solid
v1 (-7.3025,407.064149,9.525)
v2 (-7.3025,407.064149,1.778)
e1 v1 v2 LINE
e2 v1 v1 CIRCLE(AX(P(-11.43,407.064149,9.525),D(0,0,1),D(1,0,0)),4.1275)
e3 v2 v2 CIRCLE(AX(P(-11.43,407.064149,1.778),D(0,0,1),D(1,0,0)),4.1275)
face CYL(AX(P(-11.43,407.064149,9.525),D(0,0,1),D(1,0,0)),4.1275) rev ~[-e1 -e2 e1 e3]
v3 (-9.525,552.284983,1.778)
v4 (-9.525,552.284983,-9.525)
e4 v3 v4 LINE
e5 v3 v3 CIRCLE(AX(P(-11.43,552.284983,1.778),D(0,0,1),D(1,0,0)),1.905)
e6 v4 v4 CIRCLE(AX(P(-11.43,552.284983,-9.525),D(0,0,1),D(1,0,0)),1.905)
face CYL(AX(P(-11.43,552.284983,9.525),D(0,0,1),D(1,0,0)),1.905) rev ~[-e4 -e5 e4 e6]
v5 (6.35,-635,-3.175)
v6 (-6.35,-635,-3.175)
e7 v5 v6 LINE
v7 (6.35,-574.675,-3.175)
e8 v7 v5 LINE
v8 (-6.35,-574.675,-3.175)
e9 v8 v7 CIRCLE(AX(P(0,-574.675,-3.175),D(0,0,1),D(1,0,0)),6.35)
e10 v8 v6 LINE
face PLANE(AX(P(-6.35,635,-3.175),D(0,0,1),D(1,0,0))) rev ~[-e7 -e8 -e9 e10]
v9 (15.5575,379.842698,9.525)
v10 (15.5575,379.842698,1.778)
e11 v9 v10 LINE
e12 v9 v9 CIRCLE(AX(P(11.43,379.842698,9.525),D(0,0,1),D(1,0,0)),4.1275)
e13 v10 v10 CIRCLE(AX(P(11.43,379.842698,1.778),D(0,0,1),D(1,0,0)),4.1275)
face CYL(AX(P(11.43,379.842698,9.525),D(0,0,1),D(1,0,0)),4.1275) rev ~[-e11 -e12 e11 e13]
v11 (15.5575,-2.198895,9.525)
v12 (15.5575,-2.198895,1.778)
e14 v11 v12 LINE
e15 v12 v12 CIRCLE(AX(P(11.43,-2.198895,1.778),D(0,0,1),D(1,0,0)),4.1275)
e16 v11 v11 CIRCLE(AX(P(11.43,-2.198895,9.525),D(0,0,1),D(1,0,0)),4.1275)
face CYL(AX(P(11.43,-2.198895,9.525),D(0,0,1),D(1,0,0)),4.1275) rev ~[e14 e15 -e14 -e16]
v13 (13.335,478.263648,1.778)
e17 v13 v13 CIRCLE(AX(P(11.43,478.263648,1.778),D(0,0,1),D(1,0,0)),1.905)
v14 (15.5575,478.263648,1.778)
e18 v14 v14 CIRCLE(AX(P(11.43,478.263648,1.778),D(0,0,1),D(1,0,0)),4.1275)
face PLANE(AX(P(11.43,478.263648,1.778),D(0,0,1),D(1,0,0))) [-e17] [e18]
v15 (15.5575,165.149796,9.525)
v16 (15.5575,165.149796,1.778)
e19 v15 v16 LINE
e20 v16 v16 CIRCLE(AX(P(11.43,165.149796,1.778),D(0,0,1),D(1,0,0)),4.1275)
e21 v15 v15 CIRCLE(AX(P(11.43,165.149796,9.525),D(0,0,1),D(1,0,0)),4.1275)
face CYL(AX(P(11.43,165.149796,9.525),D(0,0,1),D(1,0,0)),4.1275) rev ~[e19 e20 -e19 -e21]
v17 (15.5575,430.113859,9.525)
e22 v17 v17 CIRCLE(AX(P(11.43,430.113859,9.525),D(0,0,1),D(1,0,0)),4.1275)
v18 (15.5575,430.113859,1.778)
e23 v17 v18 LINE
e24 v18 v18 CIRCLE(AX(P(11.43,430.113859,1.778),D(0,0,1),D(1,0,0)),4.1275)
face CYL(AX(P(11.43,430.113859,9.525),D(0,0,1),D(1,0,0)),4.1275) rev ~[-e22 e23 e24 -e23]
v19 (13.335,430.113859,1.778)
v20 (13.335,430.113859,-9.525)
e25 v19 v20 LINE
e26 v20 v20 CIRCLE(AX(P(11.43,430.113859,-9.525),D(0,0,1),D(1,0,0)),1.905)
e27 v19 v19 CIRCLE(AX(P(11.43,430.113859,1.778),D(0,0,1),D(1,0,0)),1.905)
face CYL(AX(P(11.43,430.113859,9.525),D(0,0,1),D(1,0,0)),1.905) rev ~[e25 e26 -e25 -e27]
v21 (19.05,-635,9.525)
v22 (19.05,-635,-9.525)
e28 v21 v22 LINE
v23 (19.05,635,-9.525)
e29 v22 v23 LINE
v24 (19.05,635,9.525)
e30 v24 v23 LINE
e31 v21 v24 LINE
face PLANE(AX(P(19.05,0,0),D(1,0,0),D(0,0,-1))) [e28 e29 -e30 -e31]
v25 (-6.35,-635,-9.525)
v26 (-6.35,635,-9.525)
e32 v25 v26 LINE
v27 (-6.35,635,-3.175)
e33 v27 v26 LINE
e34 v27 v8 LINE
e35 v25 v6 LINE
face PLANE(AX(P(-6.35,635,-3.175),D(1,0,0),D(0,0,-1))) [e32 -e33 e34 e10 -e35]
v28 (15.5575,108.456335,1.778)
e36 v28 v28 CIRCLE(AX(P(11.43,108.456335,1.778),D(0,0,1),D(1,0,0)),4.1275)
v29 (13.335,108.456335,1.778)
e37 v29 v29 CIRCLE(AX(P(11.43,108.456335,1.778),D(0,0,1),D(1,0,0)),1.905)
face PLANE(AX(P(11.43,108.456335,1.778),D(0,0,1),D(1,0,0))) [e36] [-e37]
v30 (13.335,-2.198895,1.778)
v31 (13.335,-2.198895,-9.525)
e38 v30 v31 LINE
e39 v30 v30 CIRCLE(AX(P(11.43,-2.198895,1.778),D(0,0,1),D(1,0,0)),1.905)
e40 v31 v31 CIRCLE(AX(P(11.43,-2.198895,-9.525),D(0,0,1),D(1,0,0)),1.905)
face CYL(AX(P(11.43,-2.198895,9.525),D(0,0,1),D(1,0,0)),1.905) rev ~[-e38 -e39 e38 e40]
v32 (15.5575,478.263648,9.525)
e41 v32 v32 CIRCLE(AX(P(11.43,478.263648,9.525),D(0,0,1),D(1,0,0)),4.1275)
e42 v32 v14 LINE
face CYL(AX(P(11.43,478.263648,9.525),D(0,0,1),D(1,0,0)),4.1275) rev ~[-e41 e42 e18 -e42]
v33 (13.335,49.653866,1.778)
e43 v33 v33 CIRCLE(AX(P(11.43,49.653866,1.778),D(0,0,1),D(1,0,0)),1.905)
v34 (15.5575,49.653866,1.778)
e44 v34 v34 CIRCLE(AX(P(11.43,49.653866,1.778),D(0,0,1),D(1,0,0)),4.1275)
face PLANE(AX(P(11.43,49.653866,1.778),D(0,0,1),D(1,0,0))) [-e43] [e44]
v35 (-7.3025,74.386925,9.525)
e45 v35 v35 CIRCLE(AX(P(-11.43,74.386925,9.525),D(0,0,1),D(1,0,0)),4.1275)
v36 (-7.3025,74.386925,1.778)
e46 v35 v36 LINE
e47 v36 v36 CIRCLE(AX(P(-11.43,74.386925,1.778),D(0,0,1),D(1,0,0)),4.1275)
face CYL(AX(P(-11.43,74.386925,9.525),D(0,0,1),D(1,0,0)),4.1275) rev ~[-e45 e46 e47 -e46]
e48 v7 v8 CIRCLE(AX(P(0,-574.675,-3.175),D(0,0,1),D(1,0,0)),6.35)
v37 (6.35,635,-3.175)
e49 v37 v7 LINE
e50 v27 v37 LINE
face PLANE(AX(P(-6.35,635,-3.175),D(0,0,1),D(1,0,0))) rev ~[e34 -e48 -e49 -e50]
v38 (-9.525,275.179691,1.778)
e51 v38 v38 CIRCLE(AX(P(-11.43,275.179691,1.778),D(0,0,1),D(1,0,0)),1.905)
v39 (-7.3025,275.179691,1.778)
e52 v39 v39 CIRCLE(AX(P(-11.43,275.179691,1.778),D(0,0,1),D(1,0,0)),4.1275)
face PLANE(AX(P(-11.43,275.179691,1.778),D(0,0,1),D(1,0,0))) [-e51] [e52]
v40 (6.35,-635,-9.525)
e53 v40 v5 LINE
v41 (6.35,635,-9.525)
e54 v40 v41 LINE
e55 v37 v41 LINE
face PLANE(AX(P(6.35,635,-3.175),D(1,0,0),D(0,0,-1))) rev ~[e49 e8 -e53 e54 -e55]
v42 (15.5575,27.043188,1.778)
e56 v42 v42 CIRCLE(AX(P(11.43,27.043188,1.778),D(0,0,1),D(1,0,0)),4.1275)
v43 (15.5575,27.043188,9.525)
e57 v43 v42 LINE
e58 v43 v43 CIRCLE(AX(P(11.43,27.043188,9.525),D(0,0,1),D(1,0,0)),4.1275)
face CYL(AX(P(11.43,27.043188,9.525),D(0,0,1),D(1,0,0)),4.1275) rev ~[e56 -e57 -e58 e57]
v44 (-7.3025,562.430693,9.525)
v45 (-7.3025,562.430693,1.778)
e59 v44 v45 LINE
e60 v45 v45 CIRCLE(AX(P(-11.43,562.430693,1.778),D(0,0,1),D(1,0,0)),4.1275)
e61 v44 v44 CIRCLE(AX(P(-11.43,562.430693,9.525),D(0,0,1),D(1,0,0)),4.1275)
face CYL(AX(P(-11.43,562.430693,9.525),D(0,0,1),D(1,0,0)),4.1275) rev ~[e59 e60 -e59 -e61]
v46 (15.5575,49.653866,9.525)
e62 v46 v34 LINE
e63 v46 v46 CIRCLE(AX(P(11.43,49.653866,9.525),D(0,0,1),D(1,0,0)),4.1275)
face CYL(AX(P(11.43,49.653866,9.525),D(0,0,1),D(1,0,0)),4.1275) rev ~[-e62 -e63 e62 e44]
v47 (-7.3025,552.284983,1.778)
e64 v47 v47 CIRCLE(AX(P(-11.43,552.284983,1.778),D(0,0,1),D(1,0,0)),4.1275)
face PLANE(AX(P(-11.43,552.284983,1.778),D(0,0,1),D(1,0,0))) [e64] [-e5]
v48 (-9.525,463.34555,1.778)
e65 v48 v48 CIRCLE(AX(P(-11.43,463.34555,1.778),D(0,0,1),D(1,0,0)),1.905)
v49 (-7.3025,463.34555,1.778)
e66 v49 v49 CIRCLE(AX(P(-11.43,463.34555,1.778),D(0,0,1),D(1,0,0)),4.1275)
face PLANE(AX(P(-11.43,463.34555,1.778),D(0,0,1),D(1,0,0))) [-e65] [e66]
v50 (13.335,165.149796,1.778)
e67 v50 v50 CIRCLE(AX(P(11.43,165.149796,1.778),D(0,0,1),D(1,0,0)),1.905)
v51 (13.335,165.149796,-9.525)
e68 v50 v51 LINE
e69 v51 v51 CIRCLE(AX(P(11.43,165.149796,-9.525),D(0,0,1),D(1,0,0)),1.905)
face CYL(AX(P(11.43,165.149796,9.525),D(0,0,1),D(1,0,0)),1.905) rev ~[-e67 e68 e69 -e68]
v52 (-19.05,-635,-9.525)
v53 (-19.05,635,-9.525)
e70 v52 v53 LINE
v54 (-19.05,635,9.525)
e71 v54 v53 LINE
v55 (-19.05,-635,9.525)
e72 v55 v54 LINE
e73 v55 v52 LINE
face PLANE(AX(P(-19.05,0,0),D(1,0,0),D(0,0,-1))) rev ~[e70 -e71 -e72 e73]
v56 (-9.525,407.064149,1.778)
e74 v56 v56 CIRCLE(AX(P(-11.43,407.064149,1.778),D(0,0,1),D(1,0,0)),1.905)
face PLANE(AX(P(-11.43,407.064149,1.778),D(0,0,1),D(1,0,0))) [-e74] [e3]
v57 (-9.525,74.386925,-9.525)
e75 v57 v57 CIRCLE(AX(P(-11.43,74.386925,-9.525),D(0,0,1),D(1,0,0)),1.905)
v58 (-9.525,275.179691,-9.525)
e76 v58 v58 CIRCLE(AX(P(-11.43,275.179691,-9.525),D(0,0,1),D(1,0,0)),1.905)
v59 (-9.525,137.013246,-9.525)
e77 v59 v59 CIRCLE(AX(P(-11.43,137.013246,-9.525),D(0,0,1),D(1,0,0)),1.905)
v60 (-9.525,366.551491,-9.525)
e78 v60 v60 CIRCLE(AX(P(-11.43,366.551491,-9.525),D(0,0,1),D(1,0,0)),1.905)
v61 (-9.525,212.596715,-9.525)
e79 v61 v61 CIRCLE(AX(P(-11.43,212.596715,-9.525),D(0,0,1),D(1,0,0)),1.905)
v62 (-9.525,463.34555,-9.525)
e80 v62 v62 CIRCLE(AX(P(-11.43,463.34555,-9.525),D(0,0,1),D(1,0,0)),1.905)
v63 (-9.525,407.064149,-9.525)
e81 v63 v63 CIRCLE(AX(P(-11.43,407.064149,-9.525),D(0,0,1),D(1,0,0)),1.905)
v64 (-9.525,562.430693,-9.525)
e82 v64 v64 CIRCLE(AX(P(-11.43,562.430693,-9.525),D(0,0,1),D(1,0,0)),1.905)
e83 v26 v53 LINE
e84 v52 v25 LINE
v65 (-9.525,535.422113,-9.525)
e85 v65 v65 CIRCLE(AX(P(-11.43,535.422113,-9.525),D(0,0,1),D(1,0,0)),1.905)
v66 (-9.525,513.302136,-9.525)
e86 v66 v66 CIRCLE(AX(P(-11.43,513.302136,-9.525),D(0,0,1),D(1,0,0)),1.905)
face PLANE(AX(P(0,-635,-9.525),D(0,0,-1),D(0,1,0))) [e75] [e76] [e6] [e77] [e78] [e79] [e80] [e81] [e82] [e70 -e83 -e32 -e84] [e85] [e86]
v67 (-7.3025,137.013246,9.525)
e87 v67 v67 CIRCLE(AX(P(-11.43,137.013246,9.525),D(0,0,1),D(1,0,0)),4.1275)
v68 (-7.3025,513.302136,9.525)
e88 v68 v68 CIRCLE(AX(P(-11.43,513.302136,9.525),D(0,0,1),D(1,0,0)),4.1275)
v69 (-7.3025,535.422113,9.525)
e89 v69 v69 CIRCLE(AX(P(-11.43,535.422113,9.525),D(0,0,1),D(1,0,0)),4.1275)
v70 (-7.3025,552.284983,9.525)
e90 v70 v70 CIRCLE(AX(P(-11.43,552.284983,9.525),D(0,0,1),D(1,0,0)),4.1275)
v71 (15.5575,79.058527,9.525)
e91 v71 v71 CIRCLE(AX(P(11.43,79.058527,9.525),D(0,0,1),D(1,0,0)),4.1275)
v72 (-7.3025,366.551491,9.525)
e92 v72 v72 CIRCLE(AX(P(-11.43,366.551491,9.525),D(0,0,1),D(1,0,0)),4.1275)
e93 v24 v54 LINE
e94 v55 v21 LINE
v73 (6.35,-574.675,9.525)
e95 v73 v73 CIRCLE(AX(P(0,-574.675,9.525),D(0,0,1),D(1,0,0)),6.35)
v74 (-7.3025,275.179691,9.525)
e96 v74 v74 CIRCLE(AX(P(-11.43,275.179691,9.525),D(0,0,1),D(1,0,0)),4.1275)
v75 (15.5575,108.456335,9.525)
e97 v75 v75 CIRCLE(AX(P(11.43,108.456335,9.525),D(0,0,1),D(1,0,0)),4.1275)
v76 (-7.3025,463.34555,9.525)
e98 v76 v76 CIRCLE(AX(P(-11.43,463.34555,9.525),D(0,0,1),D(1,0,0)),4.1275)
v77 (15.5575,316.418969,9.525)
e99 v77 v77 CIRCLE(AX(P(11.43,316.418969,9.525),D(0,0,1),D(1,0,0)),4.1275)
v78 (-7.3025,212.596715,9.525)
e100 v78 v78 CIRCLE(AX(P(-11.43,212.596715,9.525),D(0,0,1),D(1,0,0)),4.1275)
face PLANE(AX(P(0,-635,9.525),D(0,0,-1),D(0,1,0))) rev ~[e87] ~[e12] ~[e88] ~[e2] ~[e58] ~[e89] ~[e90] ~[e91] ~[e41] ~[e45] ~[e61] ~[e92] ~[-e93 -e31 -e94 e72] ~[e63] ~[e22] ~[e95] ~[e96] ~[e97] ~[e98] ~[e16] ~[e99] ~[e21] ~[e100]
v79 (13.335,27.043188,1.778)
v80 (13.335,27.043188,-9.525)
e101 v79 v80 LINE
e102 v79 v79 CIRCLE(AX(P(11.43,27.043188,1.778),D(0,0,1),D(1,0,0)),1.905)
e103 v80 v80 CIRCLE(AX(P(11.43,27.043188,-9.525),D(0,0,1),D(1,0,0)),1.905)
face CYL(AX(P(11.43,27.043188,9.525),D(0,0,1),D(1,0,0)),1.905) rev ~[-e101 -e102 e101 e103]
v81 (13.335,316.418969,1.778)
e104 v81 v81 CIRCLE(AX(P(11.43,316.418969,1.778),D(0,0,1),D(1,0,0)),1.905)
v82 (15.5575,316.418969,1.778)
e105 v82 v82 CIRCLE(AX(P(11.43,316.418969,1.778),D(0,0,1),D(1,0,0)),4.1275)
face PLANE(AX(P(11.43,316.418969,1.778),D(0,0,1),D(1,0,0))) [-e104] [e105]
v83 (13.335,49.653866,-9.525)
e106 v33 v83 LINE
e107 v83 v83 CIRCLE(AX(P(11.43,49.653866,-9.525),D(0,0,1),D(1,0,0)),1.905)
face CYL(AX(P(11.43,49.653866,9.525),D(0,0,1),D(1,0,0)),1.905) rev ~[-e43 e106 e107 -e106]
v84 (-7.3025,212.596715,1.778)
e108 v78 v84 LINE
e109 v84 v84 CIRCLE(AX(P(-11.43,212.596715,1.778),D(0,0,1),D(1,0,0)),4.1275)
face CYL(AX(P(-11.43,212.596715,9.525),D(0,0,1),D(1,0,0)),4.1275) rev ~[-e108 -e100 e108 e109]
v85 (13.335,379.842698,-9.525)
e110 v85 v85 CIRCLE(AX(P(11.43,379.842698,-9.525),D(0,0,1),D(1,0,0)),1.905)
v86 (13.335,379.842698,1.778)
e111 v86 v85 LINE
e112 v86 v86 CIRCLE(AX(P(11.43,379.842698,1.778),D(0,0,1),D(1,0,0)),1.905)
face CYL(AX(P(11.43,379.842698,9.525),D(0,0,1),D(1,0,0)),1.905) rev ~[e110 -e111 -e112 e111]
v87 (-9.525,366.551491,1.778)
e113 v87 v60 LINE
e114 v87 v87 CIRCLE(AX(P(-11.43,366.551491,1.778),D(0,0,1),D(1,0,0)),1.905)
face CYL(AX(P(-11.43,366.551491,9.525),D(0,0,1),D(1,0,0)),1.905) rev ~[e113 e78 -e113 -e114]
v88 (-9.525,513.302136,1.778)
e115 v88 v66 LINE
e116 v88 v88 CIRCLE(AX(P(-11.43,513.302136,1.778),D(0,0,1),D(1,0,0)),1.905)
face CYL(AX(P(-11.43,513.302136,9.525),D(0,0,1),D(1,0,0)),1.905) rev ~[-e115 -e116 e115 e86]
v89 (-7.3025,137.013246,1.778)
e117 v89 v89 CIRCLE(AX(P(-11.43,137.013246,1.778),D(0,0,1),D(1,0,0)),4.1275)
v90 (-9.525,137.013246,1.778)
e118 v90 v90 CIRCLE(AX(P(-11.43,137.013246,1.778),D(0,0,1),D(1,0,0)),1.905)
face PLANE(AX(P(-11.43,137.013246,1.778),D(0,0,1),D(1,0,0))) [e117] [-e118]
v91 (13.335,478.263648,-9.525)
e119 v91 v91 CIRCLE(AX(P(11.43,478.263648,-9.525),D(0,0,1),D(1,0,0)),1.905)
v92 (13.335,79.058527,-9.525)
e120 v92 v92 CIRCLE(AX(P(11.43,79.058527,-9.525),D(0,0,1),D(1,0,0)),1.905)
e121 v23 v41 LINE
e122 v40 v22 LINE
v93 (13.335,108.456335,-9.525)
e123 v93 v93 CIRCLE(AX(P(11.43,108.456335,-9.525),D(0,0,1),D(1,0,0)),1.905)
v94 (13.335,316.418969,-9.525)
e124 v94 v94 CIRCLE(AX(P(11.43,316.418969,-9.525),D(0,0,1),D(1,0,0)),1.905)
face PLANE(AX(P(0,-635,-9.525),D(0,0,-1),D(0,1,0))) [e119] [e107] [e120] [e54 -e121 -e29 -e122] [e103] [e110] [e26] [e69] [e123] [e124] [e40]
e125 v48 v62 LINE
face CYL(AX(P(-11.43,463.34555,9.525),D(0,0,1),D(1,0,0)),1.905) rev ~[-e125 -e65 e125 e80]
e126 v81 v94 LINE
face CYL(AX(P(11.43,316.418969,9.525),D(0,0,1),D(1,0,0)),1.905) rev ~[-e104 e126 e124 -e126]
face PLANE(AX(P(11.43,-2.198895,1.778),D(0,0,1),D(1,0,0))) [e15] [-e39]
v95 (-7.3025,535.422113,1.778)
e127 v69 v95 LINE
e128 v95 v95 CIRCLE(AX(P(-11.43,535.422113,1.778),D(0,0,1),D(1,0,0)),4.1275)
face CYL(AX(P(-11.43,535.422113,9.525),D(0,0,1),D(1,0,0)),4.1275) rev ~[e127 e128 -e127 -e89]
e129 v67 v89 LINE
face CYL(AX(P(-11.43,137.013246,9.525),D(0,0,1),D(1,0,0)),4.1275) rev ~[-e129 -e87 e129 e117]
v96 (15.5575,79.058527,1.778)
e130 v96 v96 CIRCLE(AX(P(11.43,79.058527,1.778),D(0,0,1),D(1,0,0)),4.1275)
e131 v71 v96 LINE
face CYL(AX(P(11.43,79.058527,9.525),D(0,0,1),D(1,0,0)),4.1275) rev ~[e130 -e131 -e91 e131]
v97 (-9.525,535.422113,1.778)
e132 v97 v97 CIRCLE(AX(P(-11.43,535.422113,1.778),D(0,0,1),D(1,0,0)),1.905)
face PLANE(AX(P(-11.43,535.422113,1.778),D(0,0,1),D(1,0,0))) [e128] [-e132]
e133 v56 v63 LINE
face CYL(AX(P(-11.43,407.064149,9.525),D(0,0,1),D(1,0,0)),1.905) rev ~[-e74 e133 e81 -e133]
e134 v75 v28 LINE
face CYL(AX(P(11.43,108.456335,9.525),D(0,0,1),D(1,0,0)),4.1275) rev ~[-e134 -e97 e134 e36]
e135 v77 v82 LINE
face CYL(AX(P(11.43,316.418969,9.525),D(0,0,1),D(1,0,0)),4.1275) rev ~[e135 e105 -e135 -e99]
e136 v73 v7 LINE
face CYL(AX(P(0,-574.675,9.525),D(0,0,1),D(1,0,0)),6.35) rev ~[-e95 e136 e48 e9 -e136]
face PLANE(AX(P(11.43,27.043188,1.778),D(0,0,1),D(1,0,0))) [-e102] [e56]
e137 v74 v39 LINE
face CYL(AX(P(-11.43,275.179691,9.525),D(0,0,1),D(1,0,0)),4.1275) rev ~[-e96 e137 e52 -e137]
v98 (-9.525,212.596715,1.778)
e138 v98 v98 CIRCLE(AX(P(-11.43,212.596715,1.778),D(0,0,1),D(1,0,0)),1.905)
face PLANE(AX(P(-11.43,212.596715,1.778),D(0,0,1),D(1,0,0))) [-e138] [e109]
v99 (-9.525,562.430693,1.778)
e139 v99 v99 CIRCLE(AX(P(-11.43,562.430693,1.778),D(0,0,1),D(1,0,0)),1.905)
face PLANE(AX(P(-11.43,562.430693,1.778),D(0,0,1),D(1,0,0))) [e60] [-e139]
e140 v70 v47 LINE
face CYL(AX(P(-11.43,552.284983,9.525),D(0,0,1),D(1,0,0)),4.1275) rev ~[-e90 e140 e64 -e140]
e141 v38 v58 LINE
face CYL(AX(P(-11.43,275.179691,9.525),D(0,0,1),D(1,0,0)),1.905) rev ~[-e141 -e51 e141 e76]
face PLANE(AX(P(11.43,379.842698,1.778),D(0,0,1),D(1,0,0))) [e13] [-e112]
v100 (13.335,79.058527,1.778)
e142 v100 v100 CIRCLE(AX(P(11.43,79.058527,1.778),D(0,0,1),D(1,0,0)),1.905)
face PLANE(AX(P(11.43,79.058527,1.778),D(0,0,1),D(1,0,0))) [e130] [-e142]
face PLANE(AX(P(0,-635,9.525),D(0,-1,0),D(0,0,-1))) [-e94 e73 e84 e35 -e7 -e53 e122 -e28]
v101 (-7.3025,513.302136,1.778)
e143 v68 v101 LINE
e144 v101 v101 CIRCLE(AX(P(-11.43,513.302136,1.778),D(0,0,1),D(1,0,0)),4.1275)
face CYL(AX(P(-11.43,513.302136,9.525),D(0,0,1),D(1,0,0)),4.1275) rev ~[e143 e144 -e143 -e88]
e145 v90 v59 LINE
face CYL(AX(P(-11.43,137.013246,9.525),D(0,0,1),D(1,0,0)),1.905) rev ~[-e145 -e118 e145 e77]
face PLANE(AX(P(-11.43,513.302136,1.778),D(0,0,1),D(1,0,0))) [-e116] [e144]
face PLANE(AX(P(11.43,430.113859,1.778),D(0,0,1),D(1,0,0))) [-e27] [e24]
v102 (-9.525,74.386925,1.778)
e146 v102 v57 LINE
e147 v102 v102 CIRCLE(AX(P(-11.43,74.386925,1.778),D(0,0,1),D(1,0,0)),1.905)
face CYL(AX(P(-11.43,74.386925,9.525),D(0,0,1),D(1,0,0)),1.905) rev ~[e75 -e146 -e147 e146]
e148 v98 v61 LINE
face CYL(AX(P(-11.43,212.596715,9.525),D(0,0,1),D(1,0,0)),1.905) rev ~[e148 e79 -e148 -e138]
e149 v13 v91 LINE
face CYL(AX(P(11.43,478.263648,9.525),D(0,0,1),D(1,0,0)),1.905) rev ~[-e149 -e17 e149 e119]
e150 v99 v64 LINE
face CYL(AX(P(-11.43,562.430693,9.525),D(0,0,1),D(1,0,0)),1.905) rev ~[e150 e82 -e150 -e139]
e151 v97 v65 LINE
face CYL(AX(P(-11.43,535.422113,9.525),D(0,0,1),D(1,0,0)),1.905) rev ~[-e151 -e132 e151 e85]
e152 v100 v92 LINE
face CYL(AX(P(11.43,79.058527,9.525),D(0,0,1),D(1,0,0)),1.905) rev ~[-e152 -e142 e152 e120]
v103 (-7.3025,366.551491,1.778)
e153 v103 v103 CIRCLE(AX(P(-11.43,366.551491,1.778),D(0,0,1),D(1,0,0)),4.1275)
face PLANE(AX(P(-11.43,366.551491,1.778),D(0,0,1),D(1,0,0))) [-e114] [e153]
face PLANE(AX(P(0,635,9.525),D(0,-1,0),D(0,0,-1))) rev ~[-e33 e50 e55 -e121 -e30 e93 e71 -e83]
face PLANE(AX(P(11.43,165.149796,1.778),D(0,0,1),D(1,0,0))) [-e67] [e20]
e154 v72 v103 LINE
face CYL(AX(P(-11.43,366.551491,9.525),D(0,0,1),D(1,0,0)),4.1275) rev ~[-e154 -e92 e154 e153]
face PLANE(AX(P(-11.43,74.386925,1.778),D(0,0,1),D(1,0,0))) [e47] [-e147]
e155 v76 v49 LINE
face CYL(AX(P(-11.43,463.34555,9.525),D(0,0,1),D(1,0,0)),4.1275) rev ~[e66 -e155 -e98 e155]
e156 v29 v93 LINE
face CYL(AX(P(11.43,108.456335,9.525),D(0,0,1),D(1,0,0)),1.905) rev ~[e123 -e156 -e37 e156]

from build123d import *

# Parameters (mm, degrees)
SKETCH1_W           = 19.05
SKETCH1_H           = 1270
BOSS_EXTRUDE1_DEPTH = 19.05
SKETCH2_R           = 6.35
CUT_EXTRUDE1_DEPTH  = 636.571243056
SKETCH4_W           = 12.7
SKETCH4_H           = 12.7
CUT_EXTRUDE2_DEPTH  = 1271.178581194
SKETCH5_R           = 1.905
CUT_EXTRUDE3_DEPTH  = 636.571243056
SKETCH6_R           = 4.1275
CUT_EXTRUDE4_DEPTH  = 7.747


with BuildPart() as part:
    # Sketch1 → Boss-Extrude1 (new, symmetric)
    with BuildSketch(Plane(origin=(0, 0, 0), x_dir=(0, 0, -1), z_dir=(1, 0, 0))):
        Rectangle(SKETCH1_W, SKETCH1_H)
    extrude(amount=BOSS_EXTRUDE1_DEPTH, both=True)

    # Sketch2 → Cut-Extrude1 (cut, through all)
    with BuildSketch(Plane.XY.offset(9.525)):
        with Locations((0, -574.675)):
            Circle(SKETCH2_R)
    extrude(amount=-CUT_EXTRUDE1_DEPTH, mode=Mode.SUBTRACT)

    # Sketch4 → Cut-Extrude2 (cut, through all)
    with BuildSketch(Plane(origin=(0, 635, 0), x_dir=(1, 0, 0), z_dir=(0, 1, 0))):
        with Locations((0, 9.525)):
            Rectangle(SKETCH4_W, SKETCH4_H)
    extrude(amount=-CUT_EXTRUDE2_DEPTH, mode=Mode.SUBTRACT)

    # Sketch5 → Cut-Extrude3 (cut, through all)
    with BuildSketch(Plane.XY.offset(9.525)):
        with Locations((-11.43, 513.302135886)):
            Circle(SKETCH5_R)
        with Locations((11.43, 478.263647874)):
            Circle(SKETCH5_R)
        with Locations((-11.43, 463.345550332)):
            Circle(SKETCH5_R)
        with Locations((11.43, 430.113859098)):
            Circle(SKETCH5_R)
        with Locations((-11.43, 407.064148942)):
            Circle(SKETCH5_R)
        with Locations((11.43, 379.842698104)):
            Circle(SKETCH5_R)
        with Locations((-11.43, 366.551491472)):
            Circle(SKETCH5_R)
        with Locations((11.43, 316.418969048)):
            Circle(SKETCH5_R)
        with Locations((-11.43, 535.422112699)):
            Circle(SKETCH5_R)
        with Locations((-11.43, 552.28498253)):
            Circle(SKETCH5_R)
        with Locations((-11.43, 562.430692594)):
            Circle(SKETCH5_R)
        with Locations((11.43, 165.149796436)):
            Circle(SKETCH5_R)
        with Locations((11.43, 108.45633512)):
            Circle(SKETCH5_R)
        with Locations((11.43, 79.058526758)):
            Circle(SKETCH5_R)
        with Locations((11.43, 49.653866377)):
            Circle(SKETCH5_R)
        with Locations((11.43, 27.043187605)):
            Circle(SKETCH5_R)
        with Locations((11.43, -2.198894726)):
            Circle(SKETCH5_R)
        with Locations((-11.43, 74.386924519)):
            Circle(SKETCH5_R)
        with Locations((-11.43, 137.013245544)):
            Circle(SKETCH5_R)
        with Locations((-11.43, 212.596714918)):
            Circle(SKETCH5_R)
        with Locations((-11.43, 275.179690854)):
            Circle(SKETCH5_R)
    extrude(amount=-CUT_EXTRUDE3_DEPTH, mode=Mode.SUBTRACT)

    # Sketch6 → Cut-Extrude4 (cut)
    with BuildSketch(Plane.XY.offset(9.525)):
        with Locations((-11.43, 513.302135886)):
            Circle(SKETCH6_R)
        with Locations((11.43, 478.263647874)):
            Circle(SKETCH6_R)
        with Locations((-11.43, 463.345550332)):
            Circle(SKETCH6_R)
        with Locations((11.43, 430.113859098)):
            Circle(SKETCH6_R)
        with Locations((11.43, 379.842698104)):
            Circle(SKETCH6_R)
        with Locations((11.43, 316.418969048)):
            Circle(SKETCH6_R)
        with Locations((-11.43, 366.551491472)):
            Circle(SKETCH6_R)
        with Locations((-11.43, 407.064148942)):
            Circle(SKETCH6_R)
        with Locations((-11.43, 562.430692594)):
            Circle(SKETCH6_R)
        with Locations((-11.43, 552.28498253)):
            Circle(SKETCH6_R)
        with Locations((-11.43, 535.422112699)):
            Circle(SKETCH6_R)
        with Locations((-11.43, 275.179690854)):
            Circle(SKETCH6_R)
        with Locations((-11.43, 212.596714918)):
            Circle(SKETCH6_R)
        with Locations((11.43, 165.149796436)):
            Circle(SKETCH6_R)
        with Locations((-11.43, 137.013245544)):
            Circle(SKETCH6_R)
        with Locations((11.43, 108.45633512)):
            Circle(SKETCH6_R)
        with Locations((11.43, 79.058526758)):
            Circle(SKETCH6_R)
        with Locations((-11.43, 74.386924519)):
            Circle(SKETCH6_R)
        with Locations((11.43, 49.653866377)):
            Circle(SKETCH6_R)
        with Locations((11.43, 27.043187605)):
            Circle(SKETCH6_R)
        with Locations((11.43, -2.198894726)):
            Circle(SKETCH6_R)
    extrude(amount=-CUT_EXTRUDE4_DEPTH, mode=Mode.SUBTRACT)


solid = part.part
